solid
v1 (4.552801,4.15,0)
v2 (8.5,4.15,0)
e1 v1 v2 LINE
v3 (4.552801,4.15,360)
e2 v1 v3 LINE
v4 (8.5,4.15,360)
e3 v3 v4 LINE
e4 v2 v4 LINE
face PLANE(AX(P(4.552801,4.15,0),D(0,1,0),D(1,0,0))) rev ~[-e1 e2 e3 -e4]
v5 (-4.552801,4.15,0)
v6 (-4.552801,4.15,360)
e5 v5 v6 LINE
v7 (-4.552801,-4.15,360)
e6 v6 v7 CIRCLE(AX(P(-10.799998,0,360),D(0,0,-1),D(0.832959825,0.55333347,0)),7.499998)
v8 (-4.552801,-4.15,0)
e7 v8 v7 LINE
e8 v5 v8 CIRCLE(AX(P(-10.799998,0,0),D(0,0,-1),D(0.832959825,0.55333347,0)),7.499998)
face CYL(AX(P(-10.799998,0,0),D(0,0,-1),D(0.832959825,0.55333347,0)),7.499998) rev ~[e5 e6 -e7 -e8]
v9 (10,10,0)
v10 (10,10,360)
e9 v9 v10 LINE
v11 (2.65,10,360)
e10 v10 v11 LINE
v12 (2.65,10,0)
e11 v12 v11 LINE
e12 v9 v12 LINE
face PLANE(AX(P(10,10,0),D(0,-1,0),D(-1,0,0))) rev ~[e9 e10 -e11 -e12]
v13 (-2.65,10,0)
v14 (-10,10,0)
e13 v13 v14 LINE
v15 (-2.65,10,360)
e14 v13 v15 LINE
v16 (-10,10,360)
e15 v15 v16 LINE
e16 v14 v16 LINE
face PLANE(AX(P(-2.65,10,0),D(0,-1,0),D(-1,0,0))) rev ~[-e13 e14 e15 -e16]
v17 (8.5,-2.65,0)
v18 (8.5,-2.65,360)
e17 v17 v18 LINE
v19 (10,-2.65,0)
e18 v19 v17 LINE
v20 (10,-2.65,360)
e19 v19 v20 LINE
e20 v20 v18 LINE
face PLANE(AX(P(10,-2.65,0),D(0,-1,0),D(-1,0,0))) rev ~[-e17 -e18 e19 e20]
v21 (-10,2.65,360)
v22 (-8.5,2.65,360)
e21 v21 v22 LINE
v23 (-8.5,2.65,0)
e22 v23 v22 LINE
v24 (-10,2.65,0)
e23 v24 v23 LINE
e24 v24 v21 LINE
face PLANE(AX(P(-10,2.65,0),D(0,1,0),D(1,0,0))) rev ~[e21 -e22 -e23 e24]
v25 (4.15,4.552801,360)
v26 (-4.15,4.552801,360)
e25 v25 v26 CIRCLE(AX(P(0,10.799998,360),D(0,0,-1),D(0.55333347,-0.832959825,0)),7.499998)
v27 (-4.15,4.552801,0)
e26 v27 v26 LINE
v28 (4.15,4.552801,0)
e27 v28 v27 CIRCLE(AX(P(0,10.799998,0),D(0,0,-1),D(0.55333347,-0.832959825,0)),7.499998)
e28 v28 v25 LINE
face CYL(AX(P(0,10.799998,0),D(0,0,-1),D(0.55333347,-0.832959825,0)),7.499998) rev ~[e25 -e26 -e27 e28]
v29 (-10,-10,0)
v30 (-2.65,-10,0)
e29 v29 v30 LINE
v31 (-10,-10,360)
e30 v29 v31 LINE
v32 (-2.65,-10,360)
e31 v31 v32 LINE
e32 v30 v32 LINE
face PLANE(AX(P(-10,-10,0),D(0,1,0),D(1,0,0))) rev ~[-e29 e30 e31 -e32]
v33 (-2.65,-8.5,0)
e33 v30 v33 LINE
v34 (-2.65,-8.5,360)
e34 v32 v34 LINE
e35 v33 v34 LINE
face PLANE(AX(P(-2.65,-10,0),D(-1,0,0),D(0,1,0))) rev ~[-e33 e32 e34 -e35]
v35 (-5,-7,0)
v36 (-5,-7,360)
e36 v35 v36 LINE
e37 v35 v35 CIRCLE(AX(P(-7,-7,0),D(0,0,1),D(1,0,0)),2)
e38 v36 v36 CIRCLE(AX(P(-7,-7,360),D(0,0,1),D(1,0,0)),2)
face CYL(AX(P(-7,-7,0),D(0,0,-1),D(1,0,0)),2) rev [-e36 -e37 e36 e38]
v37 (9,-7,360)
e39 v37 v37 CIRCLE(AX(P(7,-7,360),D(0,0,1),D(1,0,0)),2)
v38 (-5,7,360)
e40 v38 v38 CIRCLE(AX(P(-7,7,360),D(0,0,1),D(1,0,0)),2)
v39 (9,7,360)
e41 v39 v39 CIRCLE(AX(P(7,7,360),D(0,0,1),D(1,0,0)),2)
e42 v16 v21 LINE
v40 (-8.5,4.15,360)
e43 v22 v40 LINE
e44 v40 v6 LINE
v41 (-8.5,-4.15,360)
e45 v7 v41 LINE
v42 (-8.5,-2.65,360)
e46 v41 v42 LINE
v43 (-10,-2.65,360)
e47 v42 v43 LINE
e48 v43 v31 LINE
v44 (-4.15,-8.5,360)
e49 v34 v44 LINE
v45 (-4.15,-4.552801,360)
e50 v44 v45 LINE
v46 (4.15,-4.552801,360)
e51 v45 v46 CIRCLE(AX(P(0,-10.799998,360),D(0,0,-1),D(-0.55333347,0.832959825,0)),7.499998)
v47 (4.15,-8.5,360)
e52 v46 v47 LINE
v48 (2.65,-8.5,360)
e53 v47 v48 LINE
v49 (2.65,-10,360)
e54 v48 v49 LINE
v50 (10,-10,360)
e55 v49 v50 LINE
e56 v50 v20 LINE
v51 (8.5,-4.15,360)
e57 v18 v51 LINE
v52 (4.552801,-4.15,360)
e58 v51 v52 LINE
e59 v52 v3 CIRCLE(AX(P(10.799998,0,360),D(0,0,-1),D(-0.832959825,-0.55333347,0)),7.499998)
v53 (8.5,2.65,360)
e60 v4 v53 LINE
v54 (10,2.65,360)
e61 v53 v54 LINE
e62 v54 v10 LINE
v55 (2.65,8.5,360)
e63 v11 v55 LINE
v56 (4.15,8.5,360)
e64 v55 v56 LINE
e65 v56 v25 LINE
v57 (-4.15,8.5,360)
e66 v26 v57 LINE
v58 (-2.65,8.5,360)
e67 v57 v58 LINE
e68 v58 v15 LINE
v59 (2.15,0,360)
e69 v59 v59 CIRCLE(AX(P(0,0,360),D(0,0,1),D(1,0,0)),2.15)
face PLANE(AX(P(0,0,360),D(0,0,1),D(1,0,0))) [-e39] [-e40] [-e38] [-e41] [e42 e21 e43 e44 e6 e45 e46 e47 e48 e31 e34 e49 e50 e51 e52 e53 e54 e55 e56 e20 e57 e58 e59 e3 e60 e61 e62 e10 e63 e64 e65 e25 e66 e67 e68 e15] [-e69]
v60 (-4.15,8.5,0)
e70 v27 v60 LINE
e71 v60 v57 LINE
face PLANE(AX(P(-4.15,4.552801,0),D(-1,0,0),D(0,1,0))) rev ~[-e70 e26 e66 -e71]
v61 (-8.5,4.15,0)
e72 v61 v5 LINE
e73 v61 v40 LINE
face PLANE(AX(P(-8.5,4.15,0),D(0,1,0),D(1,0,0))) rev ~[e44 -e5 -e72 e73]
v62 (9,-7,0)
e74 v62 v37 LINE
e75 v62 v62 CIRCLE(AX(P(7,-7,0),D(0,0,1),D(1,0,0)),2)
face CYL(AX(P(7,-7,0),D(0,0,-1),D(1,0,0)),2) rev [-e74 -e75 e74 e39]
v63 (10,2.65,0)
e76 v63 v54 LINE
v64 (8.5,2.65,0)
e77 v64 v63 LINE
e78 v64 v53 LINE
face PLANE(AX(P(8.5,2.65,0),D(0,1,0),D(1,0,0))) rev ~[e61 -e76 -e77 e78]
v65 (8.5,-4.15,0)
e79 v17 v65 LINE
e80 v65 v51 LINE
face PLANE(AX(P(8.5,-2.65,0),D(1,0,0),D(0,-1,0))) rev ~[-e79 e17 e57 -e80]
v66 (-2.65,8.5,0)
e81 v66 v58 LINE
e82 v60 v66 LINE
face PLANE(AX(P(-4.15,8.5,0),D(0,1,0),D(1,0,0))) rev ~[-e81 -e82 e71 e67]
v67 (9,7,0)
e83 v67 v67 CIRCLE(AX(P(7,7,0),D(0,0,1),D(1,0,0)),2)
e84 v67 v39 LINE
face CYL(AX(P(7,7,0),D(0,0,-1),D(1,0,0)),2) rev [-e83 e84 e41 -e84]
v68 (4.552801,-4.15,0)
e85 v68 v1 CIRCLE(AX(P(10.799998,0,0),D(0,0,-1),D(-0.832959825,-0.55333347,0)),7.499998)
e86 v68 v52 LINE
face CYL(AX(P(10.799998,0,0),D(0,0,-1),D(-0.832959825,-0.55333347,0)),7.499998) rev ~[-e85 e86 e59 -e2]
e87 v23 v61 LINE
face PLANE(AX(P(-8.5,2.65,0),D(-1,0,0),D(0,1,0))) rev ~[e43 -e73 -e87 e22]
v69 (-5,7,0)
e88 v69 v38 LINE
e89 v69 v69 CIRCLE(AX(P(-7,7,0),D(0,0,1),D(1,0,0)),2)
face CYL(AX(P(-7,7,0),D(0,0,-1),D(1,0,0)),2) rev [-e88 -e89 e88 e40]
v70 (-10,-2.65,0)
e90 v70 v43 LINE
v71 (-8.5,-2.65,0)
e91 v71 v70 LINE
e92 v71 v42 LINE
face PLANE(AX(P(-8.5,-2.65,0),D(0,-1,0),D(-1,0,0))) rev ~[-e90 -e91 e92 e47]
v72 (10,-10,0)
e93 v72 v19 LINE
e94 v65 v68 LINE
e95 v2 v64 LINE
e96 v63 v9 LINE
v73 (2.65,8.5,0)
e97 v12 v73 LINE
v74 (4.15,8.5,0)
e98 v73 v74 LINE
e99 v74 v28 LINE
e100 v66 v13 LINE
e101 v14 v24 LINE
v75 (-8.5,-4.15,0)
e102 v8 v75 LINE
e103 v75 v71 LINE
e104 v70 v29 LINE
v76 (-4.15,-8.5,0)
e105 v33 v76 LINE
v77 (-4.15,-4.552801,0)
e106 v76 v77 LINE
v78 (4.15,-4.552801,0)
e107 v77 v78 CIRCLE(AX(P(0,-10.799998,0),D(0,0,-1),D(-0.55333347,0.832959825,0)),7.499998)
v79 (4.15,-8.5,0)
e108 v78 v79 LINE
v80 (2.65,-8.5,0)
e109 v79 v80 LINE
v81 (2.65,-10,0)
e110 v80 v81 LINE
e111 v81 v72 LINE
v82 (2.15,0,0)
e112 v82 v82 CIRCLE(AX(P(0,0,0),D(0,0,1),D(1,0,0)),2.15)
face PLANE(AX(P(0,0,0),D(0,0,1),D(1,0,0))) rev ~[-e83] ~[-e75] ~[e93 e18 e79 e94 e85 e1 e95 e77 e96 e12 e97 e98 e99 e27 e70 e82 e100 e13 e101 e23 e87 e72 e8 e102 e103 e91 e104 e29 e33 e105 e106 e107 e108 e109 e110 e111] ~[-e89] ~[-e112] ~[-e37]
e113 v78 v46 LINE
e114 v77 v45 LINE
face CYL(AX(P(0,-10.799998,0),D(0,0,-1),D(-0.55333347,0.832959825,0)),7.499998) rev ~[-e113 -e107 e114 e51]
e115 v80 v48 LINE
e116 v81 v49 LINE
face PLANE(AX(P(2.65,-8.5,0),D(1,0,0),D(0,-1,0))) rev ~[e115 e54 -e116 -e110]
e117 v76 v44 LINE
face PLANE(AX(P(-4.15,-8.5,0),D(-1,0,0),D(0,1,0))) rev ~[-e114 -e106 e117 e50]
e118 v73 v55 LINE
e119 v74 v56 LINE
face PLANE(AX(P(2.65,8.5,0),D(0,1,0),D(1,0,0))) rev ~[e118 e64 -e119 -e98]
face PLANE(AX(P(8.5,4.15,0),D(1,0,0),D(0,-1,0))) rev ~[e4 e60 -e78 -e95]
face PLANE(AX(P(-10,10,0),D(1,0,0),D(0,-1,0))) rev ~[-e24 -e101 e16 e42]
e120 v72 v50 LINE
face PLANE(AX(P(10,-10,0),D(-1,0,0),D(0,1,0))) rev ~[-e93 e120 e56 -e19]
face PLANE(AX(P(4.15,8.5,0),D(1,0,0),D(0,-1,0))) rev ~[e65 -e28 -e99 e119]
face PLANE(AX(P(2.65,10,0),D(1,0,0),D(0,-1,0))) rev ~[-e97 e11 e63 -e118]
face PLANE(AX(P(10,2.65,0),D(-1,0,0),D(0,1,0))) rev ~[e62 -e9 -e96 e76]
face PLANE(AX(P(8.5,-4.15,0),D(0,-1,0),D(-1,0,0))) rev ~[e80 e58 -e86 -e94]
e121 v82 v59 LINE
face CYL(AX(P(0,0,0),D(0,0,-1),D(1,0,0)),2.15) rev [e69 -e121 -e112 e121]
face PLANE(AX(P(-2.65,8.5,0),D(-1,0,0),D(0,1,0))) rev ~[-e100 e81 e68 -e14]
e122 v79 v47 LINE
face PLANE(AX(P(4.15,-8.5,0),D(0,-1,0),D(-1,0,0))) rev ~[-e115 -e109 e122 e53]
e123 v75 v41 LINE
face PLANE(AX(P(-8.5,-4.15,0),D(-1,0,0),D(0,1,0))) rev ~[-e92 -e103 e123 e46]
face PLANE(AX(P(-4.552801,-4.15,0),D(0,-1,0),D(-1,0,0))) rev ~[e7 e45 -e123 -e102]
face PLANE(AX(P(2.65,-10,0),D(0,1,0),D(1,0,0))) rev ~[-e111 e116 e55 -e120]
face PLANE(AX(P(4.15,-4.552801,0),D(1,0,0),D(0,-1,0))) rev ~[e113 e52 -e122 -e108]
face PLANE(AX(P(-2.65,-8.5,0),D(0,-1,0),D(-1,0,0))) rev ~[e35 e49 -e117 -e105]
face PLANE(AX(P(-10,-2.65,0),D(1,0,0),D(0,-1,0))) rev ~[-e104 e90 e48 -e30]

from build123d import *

# Parameters (mm, degrees)
F0_R     = 2
F0_R_2   = 2.15
F1_DEPTH = 360


with BuildPart() as f1:
    # F0 (on Top) → F1 (new body)
    with BuildSketch(Plane.XY):
        with BuildLine():
            Line((-10, 10), (-10, 2.65))
            Line((-10, 2.65), (-8.5, 2.65))
            Line((-8.5, 2.65), (-8.5, 4.15))
            Line((-8.5, 4.15), (-4.552801, 4.15))
            ThreePointArc((-4.552801, 4.15), (-3.3, 0), (-4.552801, -4.15))
            Line((-4.552801, -4.15), (-8.5, -4.15))
            Line((-8.5, -4.15), (-8.5, -2.65))
            Line((-8.5, -2.65), (-10, -2.65))
            Line((-10, -2.65), (-10, -10))
            Line((-10, -10), (-2.65, -10))
            Line((-2.65, -10), (-2.65, -8.5))
            Line((-2.65, -8.5), (-4.15, -8.5))
            Line((-4.15, -8.5), (-4.15, -4.552801))
            ThreePointArc((-4.15, -4.552801), (0, -3.3), (4.15, -4.552801))
            Line((4.15, -4.552801), (4.15, -8.5))
            Line((4.15, -8.5), (2.65, -8.5))
            Line((2.65, -8.5), (2.65, -10))
            Line((2.65, -10), (10, -10))
            Line((10, -10), (10, -2.65))
            Line((10, -2.65), (8.5, -2.65))
            Line((8.5, -2.65), (8.5, -4.15))
            Line((8.5, -4.15), (4.552801, -4.15))
            ThreePointArc((4.552801, -4.15), (3.3, 0), (4.552801, 4.15))
            Line((4.552801, 4.15), (8.5, 4.15))
            Line((8.5, 4.15), (8.5, 2.65))
            Line((8.5, 2.65), (10, 2.65))
            Line((10, 2.65), (10, 10))
            Line((10, 10), (2.65, 10))
            Line((2.65, 10), (2.65, 8.5))
            Line((2.65, 8.5), (4.15, 8.5))
            Line((4.15, 8.5), (4.15, 4.552801))
            ThreePointArc((4.15, 4.552801), (0, 3.3), (-4.15, 4.552801))
            Line((-4.15, 4.552801), (-4.15, 8.5))
            Line((-4.15, 8.5), (-2.65, 8.5))
            Line((-2.65, 8.5), (-2.65, 10))
            Line((-2.65, 10), (-10, 10))
        make_face()
        with Locations((-7, -7)):
            Circle(F0_R, mode=Mode.SUBTRACT)
        with Locations((7, -7)):
            Circle(F0_R, mode=Mode.SUBTRACT)
        with Locations((-7, 7)):
            Circle(F0_R, mode=Mode.SUBTRACT)
        Circle(F0_R_2, mode=Mode.SUBTRACT)
        with Locations((7, 7)):
            Circle(F0_R, mode=Mode.SUBTRACT)
    extrude(amount=F1_DEPTH)


solid = f1.part
